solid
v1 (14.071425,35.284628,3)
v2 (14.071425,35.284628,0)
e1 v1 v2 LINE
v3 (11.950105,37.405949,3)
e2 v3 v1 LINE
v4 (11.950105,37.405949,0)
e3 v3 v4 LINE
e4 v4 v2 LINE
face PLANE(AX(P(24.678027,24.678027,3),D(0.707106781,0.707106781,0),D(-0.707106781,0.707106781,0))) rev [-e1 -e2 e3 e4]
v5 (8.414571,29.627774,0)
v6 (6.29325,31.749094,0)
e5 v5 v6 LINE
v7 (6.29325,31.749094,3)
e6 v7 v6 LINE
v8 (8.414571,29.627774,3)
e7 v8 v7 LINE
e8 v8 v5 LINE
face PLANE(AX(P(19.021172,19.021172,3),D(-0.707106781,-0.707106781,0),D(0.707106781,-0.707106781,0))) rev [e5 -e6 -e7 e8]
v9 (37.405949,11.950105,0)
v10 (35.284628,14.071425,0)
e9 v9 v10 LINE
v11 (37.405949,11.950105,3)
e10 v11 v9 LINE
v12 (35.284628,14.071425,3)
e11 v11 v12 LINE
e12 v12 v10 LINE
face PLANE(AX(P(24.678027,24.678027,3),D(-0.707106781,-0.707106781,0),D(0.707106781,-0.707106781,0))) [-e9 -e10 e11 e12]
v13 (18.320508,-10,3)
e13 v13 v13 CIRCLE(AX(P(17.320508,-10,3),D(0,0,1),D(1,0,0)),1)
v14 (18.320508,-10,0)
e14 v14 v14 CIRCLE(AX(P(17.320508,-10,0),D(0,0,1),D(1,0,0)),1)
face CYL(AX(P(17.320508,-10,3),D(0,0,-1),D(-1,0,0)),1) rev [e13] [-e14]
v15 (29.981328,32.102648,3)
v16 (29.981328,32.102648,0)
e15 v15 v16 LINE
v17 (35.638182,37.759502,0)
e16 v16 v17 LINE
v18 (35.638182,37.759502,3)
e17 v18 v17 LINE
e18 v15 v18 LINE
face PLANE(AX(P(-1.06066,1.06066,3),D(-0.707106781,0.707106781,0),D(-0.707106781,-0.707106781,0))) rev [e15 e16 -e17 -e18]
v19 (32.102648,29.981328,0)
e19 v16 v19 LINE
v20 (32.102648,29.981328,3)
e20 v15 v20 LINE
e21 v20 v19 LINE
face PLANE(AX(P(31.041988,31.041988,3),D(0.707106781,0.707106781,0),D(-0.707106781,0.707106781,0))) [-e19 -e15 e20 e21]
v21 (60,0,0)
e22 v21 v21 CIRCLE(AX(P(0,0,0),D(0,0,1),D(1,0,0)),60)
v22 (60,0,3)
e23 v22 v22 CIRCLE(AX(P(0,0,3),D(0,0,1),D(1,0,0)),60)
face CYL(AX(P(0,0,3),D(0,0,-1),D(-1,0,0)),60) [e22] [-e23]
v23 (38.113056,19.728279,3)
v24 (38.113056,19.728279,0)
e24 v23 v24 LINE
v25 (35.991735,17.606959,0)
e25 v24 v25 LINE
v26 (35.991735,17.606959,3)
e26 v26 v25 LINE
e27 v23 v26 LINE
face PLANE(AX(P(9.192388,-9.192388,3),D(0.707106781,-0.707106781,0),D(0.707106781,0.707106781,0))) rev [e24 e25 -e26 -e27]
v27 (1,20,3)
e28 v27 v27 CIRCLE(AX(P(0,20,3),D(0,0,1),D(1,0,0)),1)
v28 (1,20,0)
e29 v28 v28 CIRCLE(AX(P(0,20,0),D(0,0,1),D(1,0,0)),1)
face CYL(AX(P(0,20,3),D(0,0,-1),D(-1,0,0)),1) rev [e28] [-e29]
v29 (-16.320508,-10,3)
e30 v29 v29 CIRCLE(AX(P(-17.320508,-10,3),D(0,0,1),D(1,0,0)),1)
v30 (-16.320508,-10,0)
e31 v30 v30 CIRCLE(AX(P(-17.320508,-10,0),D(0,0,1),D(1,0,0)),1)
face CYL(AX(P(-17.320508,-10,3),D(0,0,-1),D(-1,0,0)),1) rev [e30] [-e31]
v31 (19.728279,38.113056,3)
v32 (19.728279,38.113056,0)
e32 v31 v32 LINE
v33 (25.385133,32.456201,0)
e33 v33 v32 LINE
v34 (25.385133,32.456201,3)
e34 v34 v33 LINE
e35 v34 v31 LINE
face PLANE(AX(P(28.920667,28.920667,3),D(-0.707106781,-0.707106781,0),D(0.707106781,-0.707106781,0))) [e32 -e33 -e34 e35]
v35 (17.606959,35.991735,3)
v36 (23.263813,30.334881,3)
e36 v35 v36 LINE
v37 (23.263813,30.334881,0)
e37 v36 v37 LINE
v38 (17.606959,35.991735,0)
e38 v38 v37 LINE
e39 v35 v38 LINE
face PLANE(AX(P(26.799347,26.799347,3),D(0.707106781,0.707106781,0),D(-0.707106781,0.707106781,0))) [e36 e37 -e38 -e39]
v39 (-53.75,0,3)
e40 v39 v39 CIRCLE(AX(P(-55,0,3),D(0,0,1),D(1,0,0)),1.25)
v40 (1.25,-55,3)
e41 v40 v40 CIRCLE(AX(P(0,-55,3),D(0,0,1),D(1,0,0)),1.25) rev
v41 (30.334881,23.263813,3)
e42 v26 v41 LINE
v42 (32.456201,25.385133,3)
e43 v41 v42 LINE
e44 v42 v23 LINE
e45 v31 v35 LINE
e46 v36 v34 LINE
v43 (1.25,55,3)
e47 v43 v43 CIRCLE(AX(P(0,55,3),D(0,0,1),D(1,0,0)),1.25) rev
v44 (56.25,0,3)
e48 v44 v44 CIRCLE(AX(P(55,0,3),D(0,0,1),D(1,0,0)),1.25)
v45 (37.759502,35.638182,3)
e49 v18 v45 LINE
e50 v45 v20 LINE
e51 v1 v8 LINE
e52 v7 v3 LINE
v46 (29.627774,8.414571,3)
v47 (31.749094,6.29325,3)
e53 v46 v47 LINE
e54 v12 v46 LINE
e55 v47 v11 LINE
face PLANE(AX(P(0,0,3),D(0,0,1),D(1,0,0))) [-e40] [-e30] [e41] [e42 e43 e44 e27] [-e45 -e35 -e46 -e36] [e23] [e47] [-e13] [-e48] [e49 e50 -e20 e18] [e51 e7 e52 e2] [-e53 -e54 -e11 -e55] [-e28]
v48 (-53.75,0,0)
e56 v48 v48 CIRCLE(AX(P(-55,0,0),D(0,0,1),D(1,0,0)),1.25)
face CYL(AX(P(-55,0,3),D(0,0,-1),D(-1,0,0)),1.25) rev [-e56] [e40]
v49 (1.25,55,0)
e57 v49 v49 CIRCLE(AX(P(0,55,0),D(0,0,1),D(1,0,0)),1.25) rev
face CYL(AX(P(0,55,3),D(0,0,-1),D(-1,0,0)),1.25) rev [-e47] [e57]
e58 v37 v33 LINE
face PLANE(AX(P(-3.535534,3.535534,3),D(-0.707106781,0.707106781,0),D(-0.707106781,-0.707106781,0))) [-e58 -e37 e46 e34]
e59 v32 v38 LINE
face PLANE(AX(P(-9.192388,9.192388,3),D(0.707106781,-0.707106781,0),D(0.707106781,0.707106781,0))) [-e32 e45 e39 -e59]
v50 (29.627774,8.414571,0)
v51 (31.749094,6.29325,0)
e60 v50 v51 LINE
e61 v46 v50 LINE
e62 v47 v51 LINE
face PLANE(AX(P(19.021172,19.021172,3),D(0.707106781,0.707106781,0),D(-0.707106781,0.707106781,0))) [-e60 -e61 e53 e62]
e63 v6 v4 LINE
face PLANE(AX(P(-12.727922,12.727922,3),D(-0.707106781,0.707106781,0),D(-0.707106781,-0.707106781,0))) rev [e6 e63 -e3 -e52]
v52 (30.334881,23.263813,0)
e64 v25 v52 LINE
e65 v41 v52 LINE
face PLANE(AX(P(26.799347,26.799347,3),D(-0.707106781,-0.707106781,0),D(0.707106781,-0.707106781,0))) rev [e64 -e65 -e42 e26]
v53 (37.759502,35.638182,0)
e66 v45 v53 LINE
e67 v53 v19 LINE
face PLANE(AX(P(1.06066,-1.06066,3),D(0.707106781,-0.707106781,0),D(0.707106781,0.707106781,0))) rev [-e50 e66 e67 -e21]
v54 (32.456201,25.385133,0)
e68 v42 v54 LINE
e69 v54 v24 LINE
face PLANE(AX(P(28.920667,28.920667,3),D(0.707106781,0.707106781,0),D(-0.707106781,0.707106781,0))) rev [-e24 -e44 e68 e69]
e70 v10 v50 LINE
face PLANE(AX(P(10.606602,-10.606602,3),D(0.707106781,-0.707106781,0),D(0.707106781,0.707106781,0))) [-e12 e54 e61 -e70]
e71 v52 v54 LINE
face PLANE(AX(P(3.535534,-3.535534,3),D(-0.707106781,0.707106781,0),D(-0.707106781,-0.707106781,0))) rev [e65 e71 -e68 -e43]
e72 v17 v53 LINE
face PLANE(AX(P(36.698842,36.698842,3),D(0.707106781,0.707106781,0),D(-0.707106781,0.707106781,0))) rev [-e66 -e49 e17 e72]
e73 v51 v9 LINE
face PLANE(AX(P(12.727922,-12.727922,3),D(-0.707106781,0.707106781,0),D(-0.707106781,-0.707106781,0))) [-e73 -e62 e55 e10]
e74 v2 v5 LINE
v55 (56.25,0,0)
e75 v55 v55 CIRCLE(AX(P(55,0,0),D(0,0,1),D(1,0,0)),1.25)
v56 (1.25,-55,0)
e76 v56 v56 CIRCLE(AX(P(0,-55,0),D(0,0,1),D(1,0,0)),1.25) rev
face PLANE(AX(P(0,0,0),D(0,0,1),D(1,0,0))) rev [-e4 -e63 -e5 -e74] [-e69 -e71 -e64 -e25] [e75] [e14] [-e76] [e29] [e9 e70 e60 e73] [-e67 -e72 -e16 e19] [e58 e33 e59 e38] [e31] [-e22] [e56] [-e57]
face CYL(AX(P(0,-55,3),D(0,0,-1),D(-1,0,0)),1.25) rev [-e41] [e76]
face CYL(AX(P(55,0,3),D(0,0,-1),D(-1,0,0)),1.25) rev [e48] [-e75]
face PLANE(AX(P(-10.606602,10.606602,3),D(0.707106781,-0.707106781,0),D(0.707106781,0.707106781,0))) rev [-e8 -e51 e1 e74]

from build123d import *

# Parameters (mm, degrees)
SKETCH_1_R      = 60
SKETCH_1_R_2    = 1.25
SKETCH_1_R_3    = 1
EXTRUDE_1_DEPTH = 3


with BuildPart() as part:
    # 草图1 → 凸台-拉伸1 (new body)
    with BuildSketch(Plane.XY):
        Circle(SKETCH_1_R)
        with Locations((55, 0)):
            Circle(SKETCH_1_R_2, mode=Mode.SUBTRACT)
        with Locations((0, 55)):
            Circle(SKETCH_1_R_2, mode=Mode.SUBTRACT)
        with Locations((0, -55)):
            Circle(SKETCH_1_R_2, mode=Mode.SUBTRACT)
        with Locations((-55, 0)):
            Circle(SKETCH_1_R_2, mode=Mode.SUBTRACT)
        with Locations((0, 20)):
            Circle(SKETCH_1_R_3, mode=Mode.SUBTRACT)
        with Locations((17.320508076, -10)):
            Circle(SKETCH_1_R_3, mode=Mode.SUBTRACT)
        with Locations((-17.320508076, -10)):
            Circle(SKETCH_1_R_3, mode=Mode.SUBTRACT)
        Polygon((35.991735162, 17.606958852), (30.334880913, 23.263813101), (32.456201256, 25.385133445), (38.113055506, 19.728279195), align=None, mode=Mode.SUBTRACT)
        Polygon((23.263813101, 30.334880913), (25.385133445, 32.456201256), (19.728279195, 38.113055506), (17.606958852, 35.991735162), align=None, mode=Mode.SUBTRACT)
        Polygon((11.950104602, 37.405948725), (14.071424946, 35.284628381), (8.414570696, 29.627774132), (6.293250353, 31.749094475), align=None, mode=Mode.SUBTRACT)
        Polygon((31.749094475, 6.293250353), (37.405948725, 11.950104602), (35.284628381, 14.071424946), (29.627774132, 8.414570696), align=None, mode=Mode.SUBTRACT)
        Polygon((29.981327522, 32.102647866), (32.102647866, 29.981327522), (37.759502115, 35.638181772), (35.638181772, 37.759502115), align=None, mode=Mode.SUBTRACT)
    extrude(amount=EXTRUDE_1_DEPTH)


solid = part.part
